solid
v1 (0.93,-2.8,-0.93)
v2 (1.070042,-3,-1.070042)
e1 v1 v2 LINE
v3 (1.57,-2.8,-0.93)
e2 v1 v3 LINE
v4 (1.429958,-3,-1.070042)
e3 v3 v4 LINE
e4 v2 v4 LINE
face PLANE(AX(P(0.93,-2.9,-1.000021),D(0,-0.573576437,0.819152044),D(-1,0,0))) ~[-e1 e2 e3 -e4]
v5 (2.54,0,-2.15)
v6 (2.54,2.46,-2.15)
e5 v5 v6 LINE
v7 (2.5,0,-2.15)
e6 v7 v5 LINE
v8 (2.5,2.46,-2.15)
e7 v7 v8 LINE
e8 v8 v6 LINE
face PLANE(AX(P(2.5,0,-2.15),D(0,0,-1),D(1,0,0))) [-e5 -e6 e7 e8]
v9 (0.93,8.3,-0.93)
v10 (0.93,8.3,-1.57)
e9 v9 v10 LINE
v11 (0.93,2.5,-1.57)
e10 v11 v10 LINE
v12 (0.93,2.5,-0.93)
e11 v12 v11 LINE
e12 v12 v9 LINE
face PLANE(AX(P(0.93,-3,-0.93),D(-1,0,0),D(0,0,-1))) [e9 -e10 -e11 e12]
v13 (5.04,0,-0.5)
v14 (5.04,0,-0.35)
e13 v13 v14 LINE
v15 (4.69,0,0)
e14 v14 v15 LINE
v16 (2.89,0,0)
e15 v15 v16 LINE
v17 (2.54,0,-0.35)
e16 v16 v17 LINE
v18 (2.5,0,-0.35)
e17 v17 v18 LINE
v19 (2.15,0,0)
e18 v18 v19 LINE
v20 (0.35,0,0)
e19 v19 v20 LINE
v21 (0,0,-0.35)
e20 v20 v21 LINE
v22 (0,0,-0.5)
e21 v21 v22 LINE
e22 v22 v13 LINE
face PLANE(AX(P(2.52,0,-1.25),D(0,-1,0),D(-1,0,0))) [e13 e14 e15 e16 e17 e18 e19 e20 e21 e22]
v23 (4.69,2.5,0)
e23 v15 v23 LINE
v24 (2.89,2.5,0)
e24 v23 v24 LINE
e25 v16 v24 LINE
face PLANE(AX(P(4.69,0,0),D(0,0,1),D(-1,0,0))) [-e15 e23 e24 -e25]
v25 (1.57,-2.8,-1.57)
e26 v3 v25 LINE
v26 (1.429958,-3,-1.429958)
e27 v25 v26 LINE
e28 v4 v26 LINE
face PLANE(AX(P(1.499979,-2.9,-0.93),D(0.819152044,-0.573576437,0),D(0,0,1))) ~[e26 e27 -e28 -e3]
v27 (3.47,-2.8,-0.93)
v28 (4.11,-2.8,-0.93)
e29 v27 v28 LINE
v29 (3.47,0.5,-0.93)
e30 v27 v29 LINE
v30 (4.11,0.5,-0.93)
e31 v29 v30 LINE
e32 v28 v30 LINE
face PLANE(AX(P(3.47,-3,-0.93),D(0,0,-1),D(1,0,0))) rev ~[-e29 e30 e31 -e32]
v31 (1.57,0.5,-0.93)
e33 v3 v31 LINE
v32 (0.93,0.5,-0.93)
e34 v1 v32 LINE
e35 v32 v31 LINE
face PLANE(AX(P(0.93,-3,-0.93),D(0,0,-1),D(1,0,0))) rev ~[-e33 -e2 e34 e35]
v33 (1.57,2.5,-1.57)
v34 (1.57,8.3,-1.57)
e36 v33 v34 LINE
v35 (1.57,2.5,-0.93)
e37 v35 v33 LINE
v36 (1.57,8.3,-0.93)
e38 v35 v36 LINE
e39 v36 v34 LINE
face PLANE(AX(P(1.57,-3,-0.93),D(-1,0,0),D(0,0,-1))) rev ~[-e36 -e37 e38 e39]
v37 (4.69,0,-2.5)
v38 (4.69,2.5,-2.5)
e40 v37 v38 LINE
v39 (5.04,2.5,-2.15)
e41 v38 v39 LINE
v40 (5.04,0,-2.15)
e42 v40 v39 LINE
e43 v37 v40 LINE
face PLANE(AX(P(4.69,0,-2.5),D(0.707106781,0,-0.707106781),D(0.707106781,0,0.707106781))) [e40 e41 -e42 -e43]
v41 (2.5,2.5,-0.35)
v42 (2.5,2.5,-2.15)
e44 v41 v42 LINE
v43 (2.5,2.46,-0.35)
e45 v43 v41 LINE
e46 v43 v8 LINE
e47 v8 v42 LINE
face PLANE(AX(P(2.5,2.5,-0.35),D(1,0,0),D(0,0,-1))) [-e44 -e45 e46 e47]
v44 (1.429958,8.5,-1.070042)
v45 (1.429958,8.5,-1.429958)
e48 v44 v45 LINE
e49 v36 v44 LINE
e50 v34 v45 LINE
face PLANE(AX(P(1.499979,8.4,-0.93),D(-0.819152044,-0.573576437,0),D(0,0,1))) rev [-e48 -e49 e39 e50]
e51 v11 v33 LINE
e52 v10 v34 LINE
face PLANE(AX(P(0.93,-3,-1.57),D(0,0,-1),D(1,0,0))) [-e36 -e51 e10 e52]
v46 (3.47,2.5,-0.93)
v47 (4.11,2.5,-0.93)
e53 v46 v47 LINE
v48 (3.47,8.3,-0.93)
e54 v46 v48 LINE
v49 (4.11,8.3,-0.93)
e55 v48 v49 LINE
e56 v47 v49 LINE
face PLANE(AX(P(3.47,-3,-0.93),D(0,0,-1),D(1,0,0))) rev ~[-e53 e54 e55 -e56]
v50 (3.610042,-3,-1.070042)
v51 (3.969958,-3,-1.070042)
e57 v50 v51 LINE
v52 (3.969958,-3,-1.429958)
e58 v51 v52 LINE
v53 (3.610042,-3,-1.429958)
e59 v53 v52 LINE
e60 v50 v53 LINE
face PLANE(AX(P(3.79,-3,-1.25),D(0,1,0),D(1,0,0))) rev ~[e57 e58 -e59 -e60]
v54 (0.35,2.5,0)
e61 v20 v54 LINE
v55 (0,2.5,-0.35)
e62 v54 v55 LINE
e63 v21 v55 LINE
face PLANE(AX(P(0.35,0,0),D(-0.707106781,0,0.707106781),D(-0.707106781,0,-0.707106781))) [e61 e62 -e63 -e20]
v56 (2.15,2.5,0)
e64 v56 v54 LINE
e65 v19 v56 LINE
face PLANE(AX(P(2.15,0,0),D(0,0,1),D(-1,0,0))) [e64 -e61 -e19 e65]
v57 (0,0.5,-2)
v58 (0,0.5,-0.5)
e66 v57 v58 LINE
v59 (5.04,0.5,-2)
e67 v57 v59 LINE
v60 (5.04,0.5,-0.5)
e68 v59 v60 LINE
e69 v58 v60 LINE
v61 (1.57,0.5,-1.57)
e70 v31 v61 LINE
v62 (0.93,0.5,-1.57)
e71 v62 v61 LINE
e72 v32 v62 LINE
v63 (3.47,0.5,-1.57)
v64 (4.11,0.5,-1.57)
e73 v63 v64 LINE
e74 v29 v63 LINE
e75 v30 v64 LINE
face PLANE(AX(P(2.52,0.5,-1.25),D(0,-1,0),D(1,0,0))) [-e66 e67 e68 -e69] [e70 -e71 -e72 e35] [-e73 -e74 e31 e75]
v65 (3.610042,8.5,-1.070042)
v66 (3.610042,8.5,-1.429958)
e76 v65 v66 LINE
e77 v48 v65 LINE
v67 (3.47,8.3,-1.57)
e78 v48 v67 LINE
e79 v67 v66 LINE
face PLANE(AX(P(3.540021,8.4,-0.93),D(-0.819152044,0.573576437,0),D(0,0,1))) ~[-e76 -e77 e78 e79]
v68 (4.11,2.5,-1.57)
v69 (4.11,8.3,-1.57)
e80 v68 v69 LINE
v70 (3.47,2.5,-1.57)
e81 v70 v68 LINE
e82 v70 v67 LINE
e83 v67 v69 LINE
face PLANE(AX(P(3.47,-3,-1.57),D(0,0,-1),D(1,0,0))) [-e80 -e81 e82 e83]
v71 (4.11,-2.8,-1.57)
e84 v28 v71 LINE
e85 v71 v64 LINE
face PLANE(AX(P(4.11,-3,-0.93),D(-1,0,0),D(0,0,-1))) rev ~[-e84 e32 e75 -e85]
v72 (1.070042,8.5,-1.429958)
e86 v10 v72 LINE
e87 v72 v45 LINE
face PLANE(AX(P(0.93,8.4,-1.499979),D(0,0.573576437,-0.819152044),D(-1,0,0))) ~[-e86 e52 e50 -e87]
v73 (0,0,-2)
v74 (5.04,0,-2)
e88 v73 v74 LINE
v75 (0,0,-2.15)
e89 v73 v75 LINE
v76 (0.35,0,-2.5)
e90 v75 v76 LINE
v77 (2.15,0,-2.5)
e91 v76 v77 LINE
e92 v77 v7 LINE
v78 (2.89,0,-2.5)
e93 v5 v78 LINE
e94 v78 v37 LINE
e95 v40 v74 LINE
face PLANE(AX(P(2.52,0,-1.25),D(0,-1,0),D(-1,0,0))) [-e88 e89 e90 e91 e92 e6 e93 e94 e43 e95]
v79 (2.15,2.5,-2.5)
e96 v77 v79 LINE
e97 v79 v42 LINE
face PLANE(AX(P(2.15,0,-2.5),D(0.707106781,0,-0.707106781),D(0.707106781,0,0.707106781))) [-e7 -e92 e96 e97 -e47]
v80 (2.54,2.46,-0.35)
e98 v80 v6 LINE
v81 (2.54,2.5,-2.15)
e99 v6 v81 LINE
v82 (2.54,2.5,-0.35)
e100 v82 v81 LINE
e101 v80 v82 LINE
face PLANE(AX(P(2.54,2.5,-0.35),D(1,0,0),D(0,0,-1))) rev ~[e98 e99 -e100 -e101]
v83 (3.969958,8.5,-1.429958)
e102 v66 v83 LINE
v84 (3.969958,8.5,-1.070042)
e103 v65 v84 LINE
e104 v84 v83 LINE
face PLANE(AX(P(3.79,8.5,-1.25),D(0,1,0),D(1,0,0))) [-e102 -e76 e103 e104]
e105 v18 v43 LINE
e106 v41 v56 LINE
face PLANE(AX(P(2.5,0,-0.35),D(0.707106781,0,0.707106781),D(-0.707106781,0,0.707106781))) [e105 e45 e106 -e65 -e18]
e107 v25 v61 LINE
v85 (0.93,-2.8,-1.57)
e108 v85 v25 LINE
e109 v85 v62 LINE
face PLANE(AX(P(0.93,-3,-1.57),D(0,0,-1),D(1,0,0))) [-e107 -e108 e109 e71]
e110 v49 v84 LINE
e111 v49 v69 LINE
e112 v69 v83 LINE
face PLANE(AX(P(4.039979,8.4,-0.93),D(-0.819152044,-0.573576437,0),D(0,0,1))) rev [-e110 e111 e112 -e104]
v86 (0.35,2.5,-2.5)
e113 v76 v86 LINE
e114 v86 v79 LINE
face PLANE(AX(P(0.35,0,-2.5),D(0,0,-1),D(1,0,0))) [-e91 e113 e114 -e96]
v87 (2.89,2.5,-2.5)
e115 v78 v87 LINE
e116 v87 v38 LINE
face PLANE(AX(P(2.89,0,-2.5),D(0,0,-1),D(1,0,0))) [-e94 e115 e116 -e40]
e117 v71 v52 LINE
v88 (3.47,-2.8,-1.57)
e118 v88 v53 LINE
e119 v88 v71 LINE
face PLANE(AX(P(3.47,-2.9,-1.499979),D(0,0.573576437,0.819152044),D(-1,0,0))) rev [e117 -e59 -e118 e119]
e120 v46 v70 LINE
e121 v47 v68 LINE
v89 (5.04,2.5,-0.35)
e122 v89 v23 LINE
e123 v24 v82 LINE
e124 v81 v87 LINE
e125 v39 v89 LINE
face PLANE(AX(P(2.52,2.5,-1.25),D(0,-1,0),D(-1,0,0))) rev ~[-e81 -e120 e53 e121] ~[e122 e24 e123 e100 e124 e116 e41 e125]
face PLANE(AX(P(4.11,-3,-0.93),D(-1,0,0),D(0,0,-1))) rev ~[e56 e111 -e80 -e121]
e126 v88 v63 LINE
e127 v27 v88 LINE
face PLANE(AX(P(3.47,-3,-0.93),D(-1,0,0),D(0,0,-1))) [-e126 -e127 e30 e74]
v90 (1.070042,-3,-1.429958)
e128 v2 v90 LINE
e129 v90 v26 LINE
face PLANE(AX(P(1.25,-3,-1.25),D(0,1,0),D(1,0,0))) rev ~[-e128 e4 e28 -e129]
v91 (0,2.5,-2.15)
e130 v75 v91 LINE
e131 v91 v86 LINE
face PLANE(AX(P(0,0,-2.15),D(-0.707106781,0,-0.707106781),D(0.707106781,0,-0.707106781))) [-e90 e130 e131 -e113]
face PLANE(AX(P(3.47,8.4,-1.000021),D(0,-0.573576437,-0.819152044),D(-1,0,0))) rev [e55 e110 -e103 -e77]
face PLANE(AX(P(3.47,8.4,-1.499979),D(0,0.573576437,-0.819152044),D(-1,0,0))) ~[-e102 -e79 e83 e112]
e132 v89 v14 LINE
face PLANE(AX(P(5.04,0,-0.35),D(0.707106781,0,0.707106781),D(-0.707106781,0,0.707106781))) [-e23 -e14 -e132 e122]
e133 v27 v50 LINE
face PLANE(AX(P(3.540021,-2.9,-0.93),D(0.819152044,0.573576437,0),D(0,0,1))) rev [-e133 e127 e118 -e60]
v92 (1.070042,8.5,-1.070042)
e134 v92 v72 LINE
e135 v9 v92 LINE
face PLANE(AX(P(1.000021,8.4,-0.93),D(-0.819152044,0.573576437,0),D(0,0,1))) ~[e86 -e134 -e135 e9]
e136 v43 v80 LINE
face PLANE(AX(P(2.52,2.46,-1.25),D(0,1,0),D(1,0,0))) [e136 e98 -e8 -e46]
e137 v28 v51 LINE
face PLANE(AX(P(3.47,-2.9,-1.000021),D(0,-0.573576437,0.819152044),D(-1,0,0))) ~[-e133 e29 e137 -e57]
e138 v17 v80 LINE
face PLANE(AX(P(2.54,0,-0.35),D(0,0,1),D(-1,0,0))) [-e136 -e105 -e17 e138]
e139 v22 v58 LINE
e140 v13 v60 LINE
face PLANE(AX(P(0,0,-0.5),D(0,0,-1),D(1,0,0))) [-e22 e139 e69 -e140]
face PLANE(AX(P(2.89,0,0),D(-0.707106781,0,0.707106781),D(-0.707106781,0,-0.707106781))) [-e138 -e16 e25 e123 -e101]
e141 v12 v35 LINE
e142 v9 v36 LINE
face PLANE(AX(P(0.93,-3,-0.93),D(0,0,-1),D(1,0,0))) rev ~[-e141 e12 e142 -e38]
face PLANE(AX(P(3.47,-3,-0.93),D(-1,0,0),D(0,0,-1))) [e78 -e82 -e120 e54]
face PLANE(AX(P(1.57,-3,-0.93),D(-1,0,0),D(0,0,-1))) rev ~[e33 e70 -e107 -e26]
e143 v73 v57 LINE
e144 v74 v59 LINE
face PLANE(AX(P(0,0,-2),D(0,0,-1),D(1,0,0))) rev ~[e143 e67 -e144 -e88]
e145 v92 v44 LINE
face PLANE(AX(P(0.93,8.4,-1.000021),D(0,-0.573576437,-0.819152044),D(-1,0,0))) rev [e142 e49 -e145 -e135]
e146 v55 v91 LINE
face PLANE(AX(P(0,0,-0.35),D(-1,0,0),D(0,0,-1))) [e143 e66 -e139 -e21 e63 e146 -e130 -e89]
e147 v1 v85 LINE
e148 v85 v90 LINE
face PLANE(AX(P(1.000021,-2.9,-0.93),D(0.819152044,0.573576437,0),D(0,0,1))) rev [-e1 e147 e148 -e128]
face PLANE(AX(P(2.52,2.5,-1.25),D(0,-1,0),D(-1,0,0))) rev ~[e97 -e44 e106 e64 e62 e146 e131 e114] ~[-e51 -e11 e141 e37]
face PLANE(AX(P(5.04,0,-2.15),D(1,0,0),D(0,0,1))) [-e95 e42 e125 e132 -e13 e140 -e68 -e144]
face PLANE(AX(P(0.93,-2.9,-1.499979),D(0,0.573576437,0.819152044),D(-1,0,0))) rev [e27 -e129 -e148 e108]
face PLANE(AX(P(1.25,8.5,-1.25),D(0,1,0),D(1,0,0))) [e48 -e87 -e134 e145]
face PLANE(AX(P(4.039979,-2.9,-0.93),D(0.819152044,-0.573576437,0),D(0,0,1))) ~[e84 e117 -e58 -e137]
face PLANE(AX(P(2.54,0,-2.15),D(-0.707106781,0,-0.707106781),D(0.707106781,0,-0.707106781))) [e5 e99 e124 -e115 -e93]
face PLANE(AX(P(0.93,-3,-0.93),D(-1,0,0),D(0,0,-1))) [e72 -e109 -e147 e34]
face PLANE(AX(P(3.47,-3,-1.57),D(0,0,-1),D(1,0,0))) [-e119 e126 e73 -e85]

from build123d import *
from OCP.BRepFilletAPI import BRepFilletAPI_MakeChamfer

# Parameters (mm, degrees)
BOSS_EXTRUDE1_DEPTH         = 2.5
SKETCH2_W                   = 5.04
SKETCH2_H                   = 1.5
CUT_EXTRUDE1_DEPTH          = 0.5
SKETCH4_W                   = 0.04
SKETCH4_H                   = 1.8
CUT_EXTRUDE2_DEPTH          = 0.04
BOSS_EXTRUDE2_START         = -5.5
SKETCH3_W                   = 0.64
SKETCH3_H                   = 0.64
BOSS_EXTRUDE2_DEPTH         = 11.5
CHAMFER1_SIZE               = 0.2
CHAMFER1_SIZE2              = 0.140041508
LPATTERN1_COUNT             = 2
LPATTERN1_PITCH             = 2.54
CHAMFER1_OF_LPATTERN1_SIZE  = 0.2
CHAMFER1_OF_LPATTERN1_SIZE2 = 0.140041508


with BuildPart() as part:
    # Sketch1 → Boss-Extrude1 (new body)
    with BuildSketch(Plane(origin=(0, 0, 0), x_dir=(1, 0, 0), z_dir=(0, 1, 0))):
        Polygon((0, 2.15), (0.35, 2.5), (2.15, 2.5), (2.5, 2.15), (2.54, 2.15), (2.89, 2.5), (4.69, 2.5), (5.04, 2.15), (5.04, 0.35), (4.69, 0), (2.89, 0), (2.54, 0.35), (2.5, 0.35), (2.15, 0), (0.35, 0), (0, 0.35), align=None)
    extrude(amount=BOSS_EXTRUDE1_DEPTH)

    # Sketch2 → Cut-Extrude1 (cut)
    with BuildSketch(Plane.XZ):
        with Locations((2.52, -1.25)):
            Rectangle(SKETCH2_W, SKETCH2_H)
    extrude(amount=-CUT_EXTRUDE1_DEPTH, mode=Mode.SUBTRACT)

    # Sketch4 → Cut-Extrude2 (cut)
    with BuildSketch(Plane(origin=(0, 2.5, 0), x_dir=(1, 0, 0), z_dir=(0, 1, 0))):
        with Locations((5.06, 1.25)):
            Rectangle(SKETCH4_W, SKETCH4_H)
        with Locations((2.52, 1.25)):
            Rectangle(SKETCH4_W, SKETCH4_H)
        with Locations((7.6, 1.25)):
            Rectangle(SKETCH4_W, SKETCH4_H)
        with Locations((10.14, 1.25)):
            Rectangle(SKETCH4_W, SKETCH4_H)
        with Locations((12.68, 1.25)):
            Rectangle(SKETCH4_W, SKETCH4_H)
        with Locations((15.22, 1.25)):
            Rectangle(SKETCH4_W, SKETCH4_H)
        with Locations((17.76, 1.25)):
            Rectangle(SKETCH4_W, SKETCH4_H)
    extrude(amount=-CUT_EXTRUDE2_DEPTH, mode=Mode.SUBTRACT)

    # Sketch3 → Boss-Extrude2 (add)
    with BuildSketch(Plane(origin=(0, 2.5, 0), x_dir=(1, 0, 0), z_dir=(0, 1, 0)).offset(BOSS_EXTRUDE2_START)):
        with Locations((1.25, 1.25)):
            Rectangle(SKETCH3_W, SKETCH3_H)
    boss_extrude2 = extrude(amount=BOSS_EXTRUDE2_DEPTH)

    # Chamfer1: one chamfer whose edges measure the first distance from different faces: ONE call of the kernel's chamfer builder (chamfer() names one face for all edges)
    chamfer1_edges_1 = [part.edges().sort_by_distance(p)[0] for p in [
        (1.57, -3, -1.25),
    ]]
    chamfer1_side_1 = [part.faces().sort_by_distance(p)[0] for p in [
        (1.57, -1.25, -1.25),
    ]]
    chamfer1_edges_2 = [part.edges().sort_by_distance(p)[0] for p in [
        (1.25, -3, -0.93),
    ]]
    chamfer1_side_2 = [part.faces().sort_by_distance(p)[0] for p in [
        (1.25, -1.25, -0.93),
    ]]
    chamfer1_edges_3 = [part.edges().sort_by_distance(p)[0] for p in [
        (0.93, -3, -1.25),
    ]]
    chamfer1_side_3 = [part.faces().sort_by_distance(p)[0] for p in [
        (0.93, -1.25, -1.25),
    ]]
    chamfer1_edges_4 = [part.edges().sort_by_distance(p)[0] for p in [
        (1.25, -3, -1.57),
    ]]
    chamfer1_side_4 = [part.faces().sort_by_distance(p)[0] for p in [
        (1.25, -1.25, -1.57),
    ]]
    chamfer1_edges_5 = [part.edges().sort_by_distance(p)[0] for p in [
        (1.57, 8.5, -1.25),
    ]]
    chamfer1_side_5 = [part.faces().sort_by_distance(p)[0] for p in [
        (1.57, 5.5, -1.25),
    ]]
    chamfer1_edges_6 = [part.edges().sort_by_distance(p)[0] for p in [
        (1.25, 8.5, -1.57),
    ]]
    chamfer1_side_6 = [part.faces().sort_by_distance(p)[0] for p in [
        (1.25, 5.5, -1.57),
    ]]
    chamfer1_edges_7 = [part.edges().sort_by_distance(p)[0] for p in [
        (0.93, 8.5, -1.25),
    ]]
    chamfer1_side_7 = [part.faces().sort_by_distance(p)[0] for p in [
        (0.93, 5.5, -1.25),
    ]]
    chamfer1_edges_8 = [part.edges().sort_by_distance(p)[0] for p in [
        (1.25, 8.5, -0.93),
    ]]
    chamfer1_side_8 = [part.faces().sort_by_distance(p)[0] for p in [
        (1.25, 5.5, -0.93),
    ]]
    chamfer1 = BRepFilletAPI_MakeChamfer(part.part.solid().wrapped)
    for e in chamfer1_edges_1:
        chamfer1.Add(CHAMFER1_SIZE, CHAMFER1_SIZE2, e.wrapped, chamfer1_side_1[0].wrapped)  # the first distance lies on this face
    for e in chamfer1_edges_2:
        chamfer1.Add(CHAMFER1_SIZE, CHAMFER1_SIZE2, e.wrapped, chamfer1_side_2[0].wrapped)  # the first distance lies on this face
    for e in chamfer1_edges_3:
        chamfer1.Add(CHAMFER1_SIZE, CHAMFER1_SIZE2, e.wrapped, chamfer1_side_3[0].wrapped)  # the first distance lies on this face
    for e in chamfer1_edges_4:
        chamfer1.Add(CHAMFER1_SIZE, CHAMFER1_SIZE2, e.wrapped, chamfer1_side_4[0].wrapped)  # the first distance lies on this face
    for e in chamfer1_edges_5:
        chamfer1.Add(CHAMFER1_SIZE, CHAMFER1_SIZE2, e.wrapped, chamfer1_side_5[0].wrapped)  # the first distance lies on this face
    for e in chamfer1_edges_6:
        chamfer1.Add(CHAMFER1_SIZE, CHAMFER1_SIZE2, e.wrapped, chamfer1_side_6[0].wrapped)  # the first distance lies on this face
    for e in chamfer1_edges_7:
        chamfer1.Add(CHAMFER1_SIZE, CHAMFER1_SIZE2, e.wrapped, chamfer1_side_7[0].wrapped)  # the first distance lies on this face
    for e in chamfer1_edges_8:
        chamfer1.Add(CHAMFER1_SIZE, CHAMFER1_SIZE2, e.wrapped, chamfer1_side_8[0].wrapped)  # the first distance lies on this face
    add(Compound.cast(chamfer1.Shape()), mode=Mode.REPLACE)

    # LPattern1: Boss-Extrude2 ×2
    with Locations(*[(i * LPATTERN1_PITCH, 0, 0) for i in range(1, LPATTERN1_COUNT)]):
        add(boss_extrude2)

    # Chamfer1 of LPattern1: one chamfer whose edges measure the first distance from different faces: ONE call of the kernel's chamfer builder (chamfer() names one face for all edges)
    chamfer1_of_lpattern1_edges_1 = [part.edges().sort_by_distance(p)[0] for p in [
        (4.11, -3, -1.25),
    ]]
    chamfer1_of_lpattern1_side_1 = [part.faces().sort_by_distance(p)[0] for p in [
        (4.11, -1.25, -1.25),
    ]]
    chamfer1_of_lpattern1_edges_2 = [part.edges().sort_by_distance(p)[0] for p in [
        (3.79, -3, -0.93),
    ]]
    chamfer1_of_lpattern1_side_2 = [part.faces().sort_by_distance(p)[0] for p in [
        (3.79, -1.25, -0.93),
    ]]
    chamfer1_of_lpattern1_edges_3 = [part.edges().sort_by_distance(p)[0] for p in [
        (3.47, -3, -1.25),
    ]]
    chamfer1_of_lpattern1_side_3 = [part.faces().sort_by_distance(p)[0] for p in [
        (3.47, -1.25, -1.25),
    ]]
    chamfer1_of_lpattern1_edges_4 = [part.edges().sort_by_distance(p)[0] for p in [
        (3.79, -3, -1.57),
    ]]
    chamfer1_of_lpattern1_side_4 = [part.faces().sort_by_distance(p)[0] for p in [
        (3.79, -1.25, -1.57),
    ]]
    chamfer1_of_lpattern1_edges_5 = [part.edges().sort_by_distance(p)[0] for p in [
        (4.11, 8.5, -1.25),
    ]]
    chamfer1_of_lpattern1_side_5 = [part.faces().sort_by_distance(p)[0] for p in [
        (4.11, 5.5, -1.25),
    ]]
    chamfer1_of_lpattern1_edges_6 = [part.edges().sort_by_distance(p)[0] for p in [
        (3.79, 8.5, -1.57),
    ]]
    chamfer1_of_lpattern1_side_6 = [part.faces().sort_by_distance(p)[0] for p in [
        (3.79, 5.5, -1.57),
    ]]
    chamfer1_of_lpattern1_edges_7 = [part.edges().sort_by_distance(p)[0] for p in [
        (3.47, 8.5, -1.25),
    ]]
    chamfer1_of_lpattern1_side_7 = [part.faces().sort_by_distance(p)[0] for p in [
        (3.47, 5.5, -1.25),
    ]]
    chamfer1_of_lpattern1_edges_8 = [part.edges().sort_by_distance(p)[0] for p in [
        (3.79, 8.5, -0.93),
    ]]
    chamfer1_of_lpattern1_side_8 = [part.faces().sort_by_distance(p)[0] for p in [
        (3.79, 5.5, -0.93),
    ]]
    chamfer1_of_lpattern1 = BRepFilletAPI_MakeChamfer(part.part.solid().wrapped)
    for e in chamfer1_of_lpattern1_edges_1:
        chamfer1_of_lpattern1.Add(CHAMFER1_OF_LPATTERN1_SIZE, CHAMFER1_OF_LPATTERN1_SIZE2, e.wrapped, chamfer1_of_lpattern1_side_1[0].wrapped)  # the first distance lies on this face
    for e in chamfer1_of_lpattern1_edges_2:
        chamfer1_of_lpattern1.Add(CHAMFER1_OF_LPATTERN1_SIZE, CHAMFER1_OF_LPATTERN1_SIZE2, e.wrapped, chamfer1_of_lpattern1_side_2[0].wrapped)  # the first distance lies on this face
    for e in chamfer1_of_lpattern1_edges_3:
        chamfer1_of_lpattern1.Add(CHAMFER1_OF_LPATTERN1_SIZE, CHAMFER1_OF_LPATTERN1_SIZE2, e.wrapped, chamfer1_of_lpattern1_side_3[0].wrapped)  # the first distance lies on this face
    for e in chamfer1_of_lpattern1_edges_4:
        chamfer1_of_lpattern1.Add(CHAMFER1_OF_LPATTERN1_SIZE, CHAMFER1_OF_LPATTERN1_SIZE2, e.wrapped, chamfer1_of_lpattern1_side_4[0].wrapped)  # the first distance lies on this face
    for e in chamfer1_of_lpattern1_edges_5:
        chamfer1_of_lpattern1.Add(CHAMFER1_OF_LPATTERN1_SIZE, CHAMFER1_OF_LPATTERN1_SIZE2, e.wrapped, chamfer1_of_lpattern1_side_5[0].wrapped)  # the first distance lies on this face
    for e in chamfer1_of_lpattern1_edges_6:
        chamfer1_of_lpattern1.Add(CHAMFER1_OF_LPATTERN1_SIZE, CHAMFER1_OF_LPATTERN1_SIZE2, e.wrapped, chamfer1_of_lpattern1_side_6[0].wrapped)  # the first distance lies on this face
    for e in chamfer1_of_lpattern1_edges_7:
        chamfer1_of_lpattern1.Add(CHAMFER1_OF_LPATTERN1_SIZE, CHAMFER1_OF_LPATTERN1_SIZE2, e.wrapped, chamfer1_of_lpattern1_side_7[0].wrapped)  # the first distance lies on this face
    for e in chamfer1_of_lpattern1_edges_8:
        chamfer1_of_lpattern1.Add(CHAMFER1_OF_LPATTERN1_SIZE, CHAMFER1_OF_LPATTERN1_SIZE2, e.wrapped, chamfer1_of_lpattern1_side_8[0].wrapped)  # the first distance lies on this face
    add(Compound.cast(chamfer1_of_lpattern1.Shape()), mode=Mode.REPLACE)


solid = part.part
